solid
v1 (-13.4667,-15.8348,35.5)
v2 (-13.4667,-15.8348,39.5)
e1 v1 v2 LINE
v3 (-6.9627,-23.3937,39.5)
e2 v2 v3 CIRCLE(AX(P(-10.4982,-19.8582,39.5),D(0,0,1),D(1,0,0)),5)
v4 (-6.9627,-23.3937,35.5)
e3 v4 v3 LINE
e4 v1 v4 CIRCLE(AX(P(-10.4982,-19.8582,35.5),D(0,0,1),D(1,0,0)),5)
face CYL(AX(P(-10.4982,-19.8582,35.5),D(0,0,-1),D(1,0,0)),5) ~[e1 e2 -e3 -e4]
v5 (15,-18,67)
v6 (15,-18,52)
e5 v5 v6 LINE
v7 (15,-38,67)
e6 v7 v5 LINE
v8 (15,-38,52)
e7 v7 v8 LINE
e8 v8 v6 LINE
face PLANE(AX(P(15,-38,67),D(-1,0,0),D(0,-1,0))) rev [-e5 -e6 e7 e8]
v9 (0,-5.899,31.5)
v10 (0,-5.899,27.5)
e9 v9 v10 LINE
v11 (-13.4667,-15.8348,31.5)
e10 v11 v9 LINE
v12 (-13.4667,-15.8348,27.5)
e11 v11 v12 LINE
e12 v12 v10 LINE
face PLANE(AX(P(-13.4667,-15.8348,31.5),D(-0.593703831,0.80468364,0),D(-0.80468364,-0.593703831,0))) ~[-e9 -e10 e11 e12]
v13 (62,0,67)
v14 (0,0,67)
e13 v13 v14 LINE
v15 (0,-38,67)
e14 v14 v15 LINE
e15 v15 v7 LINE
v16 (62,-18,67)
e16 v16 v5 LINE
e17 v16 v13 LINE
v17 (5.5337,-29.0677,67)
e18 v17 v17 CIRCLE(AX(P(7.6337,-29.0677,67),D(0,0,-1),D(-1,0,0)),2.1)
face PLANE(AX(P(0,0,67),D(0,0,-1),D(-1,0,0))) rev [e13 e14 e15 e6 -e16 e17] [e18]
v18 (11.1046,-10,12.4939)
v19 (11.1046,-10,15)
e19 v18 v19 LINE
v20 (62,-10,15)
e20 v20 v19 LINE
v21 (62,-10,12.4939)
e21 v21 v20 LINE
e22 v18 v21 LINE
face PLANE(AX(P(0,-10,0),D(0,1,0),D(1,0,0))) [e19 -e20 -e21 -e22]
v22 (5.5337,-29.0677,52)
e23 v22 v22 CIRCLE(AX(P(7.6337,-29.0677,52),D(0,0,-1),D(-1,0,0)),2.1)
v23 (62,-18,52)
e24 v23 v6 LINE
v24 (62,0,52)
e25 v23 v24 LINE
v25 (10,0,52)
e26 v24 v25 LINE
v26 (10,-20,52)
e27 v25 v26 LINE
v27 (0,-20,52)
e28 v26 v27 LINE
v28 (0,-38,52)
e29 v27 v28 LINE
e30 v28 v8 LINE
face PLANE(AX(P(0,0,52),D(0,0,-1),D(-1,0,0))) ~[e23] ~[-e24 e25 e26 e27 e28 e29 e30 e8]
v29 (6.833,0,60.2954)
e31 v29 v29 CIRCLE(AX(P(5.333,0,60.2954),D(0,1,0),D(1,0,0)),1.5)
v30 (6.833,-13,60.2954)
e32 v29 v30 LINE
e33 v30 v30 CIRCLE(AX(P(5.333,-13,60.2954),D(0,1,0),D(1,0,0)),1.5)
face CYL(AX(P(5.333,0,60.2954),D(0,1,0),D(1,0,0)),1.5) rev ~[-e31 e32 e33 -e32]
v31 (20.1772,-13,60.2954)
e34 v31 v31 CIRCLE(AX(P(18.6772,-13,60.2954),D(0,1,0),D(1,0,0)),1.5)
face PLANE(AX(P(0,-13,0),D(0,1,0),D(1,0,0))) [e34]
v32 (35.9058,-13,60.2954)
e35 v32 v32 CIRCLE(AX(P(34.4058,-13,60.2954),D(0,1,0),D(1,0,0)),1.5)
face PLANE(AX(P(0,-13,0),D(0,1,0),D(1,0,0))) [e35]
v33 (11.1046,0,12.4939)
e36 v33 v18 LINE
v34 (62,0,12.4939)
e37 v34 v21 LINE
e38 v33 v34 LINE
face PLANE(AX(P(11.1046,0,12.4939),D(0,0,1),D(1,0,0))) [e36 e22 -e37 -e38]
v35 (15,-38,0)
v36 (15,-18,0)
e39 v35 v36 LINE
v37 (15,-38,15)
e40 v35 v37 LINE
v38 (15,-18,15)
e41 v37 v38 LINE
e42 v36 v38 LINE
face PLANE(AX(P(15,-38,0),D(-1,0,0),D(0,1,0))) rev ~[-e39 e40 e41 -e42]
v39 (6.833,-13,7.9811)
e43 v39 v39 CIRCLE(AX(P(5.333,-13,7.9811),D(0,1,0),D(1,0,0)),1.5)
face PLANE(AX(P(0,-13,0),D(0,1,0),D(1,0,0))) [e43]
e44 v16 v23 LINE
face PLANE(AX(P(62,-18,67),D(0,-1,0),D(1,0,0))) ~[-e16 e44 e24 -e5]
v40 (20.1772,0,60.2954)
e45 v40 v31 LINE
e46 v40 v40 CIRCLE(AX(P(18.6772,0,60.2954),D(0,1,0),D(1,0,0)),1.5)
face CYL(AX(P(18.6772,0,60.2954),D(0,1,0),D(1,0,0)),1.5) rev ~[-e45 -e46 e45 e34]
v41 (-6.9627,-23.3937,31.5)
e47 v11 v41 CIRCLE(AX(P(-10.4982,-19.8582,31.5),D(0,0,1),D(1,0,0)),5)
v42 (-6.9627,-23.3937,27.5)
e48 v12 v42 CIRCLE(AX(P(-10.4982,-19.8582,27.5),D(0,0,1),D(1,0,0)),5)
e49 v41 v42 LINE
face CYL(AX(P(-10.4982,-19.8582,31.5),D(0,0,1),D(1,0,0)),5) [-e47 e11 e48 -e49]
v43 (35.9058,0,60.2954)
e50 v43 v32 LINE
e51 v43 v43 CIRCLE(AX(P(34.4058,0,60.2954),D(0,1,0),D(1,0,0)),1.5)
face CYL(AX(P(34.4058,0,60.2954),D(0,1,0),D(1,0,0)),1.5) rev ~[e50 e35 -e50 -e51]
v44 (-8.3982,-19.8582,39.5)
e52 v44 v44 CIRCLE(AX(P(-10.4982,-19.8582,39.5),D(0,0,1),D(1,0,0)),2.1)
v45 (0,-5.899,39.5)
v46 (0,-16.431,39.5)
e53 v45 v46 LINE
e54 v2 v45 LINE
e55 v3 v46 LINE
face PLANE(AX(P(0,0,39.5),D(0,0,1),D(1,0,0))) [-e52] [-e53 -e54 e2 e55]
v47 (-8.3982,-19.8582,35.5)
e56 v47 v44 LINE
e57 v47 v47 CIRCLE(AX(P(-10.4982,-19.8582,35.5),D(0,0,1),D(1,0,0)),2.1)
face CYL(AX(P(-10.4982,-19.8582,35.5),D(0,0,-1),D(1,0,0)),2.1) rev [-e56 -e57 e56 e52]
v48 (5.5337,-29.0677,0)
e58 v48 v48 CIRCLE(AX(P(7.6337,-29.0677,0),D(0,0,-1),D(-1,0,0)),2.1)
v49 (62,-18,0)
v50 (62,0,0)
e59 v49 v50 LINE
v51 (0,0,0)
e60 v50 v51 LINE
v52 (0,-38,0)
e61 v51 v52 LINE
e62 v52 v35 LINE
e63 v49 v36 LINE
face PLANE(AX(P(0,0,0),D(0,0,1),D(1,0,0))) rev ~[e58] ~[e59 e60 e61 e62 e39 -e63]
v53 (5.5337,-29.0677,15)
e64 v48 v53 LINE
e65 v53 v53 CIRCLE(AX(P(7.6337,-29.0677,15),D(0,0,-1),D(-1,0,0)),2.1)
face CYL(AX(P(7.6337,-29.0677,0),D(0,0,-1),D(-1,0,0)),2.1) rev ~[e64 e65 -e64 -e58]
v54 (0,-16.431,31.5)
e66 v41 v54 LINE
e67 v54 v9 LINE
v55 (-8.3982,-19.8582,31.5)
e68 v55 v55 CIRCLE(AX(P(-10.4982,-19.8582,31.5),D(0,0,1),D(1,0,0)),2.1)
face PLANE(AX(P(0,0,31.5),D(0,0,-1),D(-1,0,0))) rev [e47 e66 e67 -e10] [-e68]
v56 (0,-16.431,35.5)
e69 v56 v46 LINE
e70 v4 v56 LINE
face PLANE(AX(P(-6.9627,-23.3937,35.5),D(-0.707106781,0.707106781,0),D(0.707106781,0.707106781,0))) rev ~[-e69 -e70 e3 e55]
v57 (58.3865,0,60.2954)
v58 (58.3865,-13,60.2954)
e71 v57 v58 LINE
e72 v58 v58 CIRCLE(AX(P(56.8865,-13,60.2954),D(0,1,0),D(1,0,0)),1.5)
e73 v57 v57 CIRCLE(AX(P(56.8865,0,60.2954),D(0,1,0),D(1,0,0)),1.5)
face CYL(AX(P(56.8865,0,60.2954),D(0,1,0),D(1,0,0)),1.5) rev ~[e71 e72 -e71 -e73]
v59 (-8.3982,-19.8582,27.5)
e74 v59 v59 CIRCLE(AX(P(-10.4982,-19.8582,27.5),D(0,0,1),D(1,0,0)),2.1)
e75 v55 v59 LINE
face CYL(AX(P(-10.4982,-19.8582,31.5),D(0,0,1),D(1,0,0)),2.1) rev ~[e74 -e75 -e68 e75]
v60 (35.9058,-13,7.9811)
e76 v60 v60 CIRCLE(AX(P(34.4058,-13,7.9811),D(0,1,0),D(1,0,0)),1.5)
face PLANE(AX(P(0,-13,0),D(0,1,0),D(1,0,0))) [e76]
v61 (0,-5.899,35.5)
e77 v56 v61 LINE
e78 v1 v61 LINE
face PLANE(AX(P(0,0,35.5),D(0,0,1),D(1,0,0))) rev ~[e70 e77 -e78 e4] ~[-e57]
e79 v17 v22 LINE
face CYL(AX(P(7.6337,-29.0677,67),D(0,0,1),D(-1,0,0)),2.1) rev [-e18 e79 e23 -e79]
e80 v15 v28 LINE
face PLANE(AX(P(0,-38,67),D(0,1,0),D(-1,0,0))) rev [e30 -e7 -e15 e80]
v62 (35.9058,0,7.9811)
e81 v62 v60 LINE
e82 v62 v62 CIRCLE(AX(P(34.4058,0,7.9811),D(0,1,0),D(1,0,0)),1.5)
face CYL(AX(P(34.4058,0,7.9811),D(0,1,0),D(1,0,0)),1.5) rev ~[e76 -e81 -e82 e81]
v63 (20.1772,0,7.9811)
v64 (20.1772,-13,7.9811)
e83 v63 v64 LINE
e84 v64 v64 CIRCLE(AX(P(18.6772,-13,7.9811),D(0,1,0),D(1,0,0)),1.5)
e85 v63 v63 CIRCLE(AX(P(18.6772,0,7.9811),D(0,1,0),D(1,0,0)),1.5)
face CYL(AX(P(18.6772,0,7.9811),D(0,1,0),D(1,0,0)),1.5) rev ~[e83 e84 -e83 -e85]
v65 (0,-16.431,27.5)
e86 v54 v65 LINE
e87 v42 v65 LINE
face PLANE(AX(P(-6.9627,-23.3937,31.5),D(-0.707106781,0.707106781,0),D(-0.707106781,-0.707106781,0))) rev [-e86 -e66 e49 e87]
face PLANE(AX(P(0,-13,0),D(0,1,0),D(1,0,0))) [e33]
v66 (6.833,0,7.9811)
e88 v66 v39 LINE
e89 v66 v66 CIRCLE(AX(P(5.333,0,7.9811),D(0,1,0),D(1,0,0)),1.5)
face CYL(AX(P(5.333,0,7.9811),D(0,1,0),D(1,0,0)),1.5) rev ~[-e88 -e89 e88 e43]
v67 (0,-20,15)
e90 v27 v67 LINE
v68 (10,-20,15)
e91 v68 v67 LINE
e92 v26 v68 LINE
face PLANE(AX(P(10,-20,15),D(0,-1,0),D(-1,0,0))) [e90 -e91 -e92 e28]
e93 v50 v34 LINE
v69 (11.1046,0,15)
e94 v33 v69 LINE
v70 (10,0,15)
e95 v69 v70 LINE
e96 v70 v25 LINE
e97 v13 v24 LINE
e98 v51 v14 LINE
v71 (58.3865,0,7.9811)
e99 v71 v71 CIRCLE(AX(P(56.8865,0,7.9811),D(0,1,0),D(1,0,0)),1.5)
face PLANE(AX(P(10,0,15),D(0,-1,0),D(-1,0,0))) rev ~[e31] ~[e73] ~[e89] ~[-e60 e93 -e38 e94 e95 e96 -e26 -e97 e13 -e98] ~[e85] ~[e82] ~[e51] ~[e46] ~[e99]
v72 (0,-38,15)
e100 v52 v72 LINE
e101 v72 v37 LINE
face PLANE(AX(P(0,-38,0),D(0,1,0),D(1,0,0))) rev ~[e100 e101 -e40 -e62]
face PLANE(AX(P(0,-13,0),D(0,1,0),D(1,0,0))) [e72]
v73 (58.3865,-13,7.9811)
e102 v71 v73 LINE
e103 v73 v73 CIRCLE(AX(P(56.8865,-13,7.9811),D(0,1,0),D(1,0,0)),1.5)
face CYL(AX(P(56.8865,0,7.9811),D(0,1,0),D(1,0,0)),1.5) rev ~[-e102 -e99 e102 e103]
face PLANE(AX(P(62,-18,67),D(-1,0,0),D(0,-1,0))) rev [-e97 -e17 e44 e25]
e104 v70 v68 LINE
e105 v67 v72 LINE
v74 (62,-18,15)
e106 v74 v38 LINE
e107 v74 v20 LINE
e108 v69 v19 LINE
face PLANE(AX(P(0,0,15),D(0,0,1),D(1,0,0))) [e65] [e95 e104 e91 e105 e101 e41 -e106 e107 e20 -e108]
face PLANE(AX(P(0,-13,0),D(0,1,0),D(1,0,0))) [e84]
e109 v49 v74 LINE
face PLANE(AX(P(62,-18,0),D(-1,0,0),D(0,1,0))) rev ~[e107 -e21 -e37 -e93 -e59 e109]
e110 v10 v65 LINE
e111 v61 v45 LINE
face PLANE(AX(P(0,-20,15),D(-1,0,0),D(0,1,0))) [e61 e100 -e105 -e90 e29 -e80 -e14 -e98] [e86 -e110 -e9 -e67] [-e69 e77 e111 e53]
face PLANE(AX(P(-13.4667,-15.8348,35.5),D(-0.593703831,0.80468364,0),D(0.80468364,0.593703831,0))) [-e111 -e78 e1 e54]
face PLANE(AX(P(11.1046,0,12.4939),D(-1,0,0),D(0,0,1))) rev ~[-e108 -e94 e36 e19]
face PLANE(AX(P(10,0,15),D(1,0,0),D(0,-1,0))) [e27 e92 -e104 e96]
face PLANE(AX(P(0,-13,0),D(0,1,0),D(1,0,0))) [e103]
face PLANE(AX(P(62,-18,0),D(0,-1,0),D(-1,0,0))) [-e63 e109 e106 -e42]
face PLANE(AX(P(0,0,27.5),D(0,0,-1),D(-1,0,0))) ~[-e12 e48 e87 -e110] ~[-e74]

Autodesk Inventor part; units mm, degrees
ref_plane "YZ Plane" through (0, 0, 0) normal (1, 0, 0) x (0, 1, 0)
ref_plane "XZ Plane" through (0, 0, 0) normal (0, 1, 0) x (-1, 0, 0)
ref_plane "XY Plane" through (0, 0, 0) normal (0, 0, 1) x (1, 0, 0)
sketch "Эскиз1" plane through (0, 0, 0) normal (0, 0, 1) x (1, 0, 0)
  line L0 (62, -18) -> (62, 0)
  line L1 (62, 0) -> (0, 0)
  line L2 (62, 0) -> (0, 0)
  line L3 (62, -18) -> (15, -18)
  line L4 (0, 0) -> (0, -38)
  line L5 (0, -38) -> (15, -38)
  line L6 (15, -38) -> (15, -18)
  dimension "d27" = 18
  dimension "d32" = 62
  dimension "d40" = 20
  dimension "d41" = 15
  dimension "d42" = 38
extrude "Выдавливание1" add sketch "Эскиз1" along normal blind 15
sketch "Эскиз2" plane through (0, 0, 0) normal (0, 0, -1) x (-1, 0, 0)
  circle A0 centre (-7.6337, -29.0677) radius 2.1
  point P0 (0, 0)
  dimension "d37" = 4.2
extrude "Выдавливание2" cut sketch "Эскиз2" against normal through all
sketch "Эскиз3" plane through (0, 0, 15) normal (0, 0, 1) x (1, 0, 0)
  line L0 (62, 0) -> (0, 0) projected
  line L1 (0, 0) -> (10, 0)
  line L2 (10, 0) -> (10, -20)
  line L3 (10, -20) -> (0, -20)
  line L4 (0, -20) -> (0, 0)
  point P0 (10, 0)
  dimension "d7" = 20
  dimension "d8" = 10
extrude "Выдавливание3" add sketch "Эскиз3" along normal blind 18.5
mirror "Зеркальное отражение1" about plane through (5, -10, 33.5) normal (0, 0, 1)
sketch "Эскиз6" plane through (0, 0, 0) normal (0, 1, 0) x (1, 0, 0)
  circle A0 centre (5.333, -60.2954) radius 1.5
  circle A1 centre (18.6772, -7.9811) radius 1.5
  circle A2 centre (18.6772, -60.2954) radius 1.5
  circle A3 centre (5.333, -7.9811) radius 1.5
  circle A4 centre (34.4058, -60.2954) radius 1.5
  circle A5 centre (34.4058, -7.9811) radius 1.5
  circle A6 centre (56.8865, -7.9811) radius 1.5
  circle A7 centre (56.8865, -60.2954) radius 1.5
  point P0 (0, 0)
  dimension "d21" = 3
  dimension "d22" = 3
  dimension "d23" = 3
  dimension "d24" = 3
  dimension "d33" = 3
  dimension "d34" = 3
  dimension "d35" = 3
  dimension "d36" = 3
extrude "Выдавливание6" cut sketch "Эскиз6" against normal blind 13
sketch "Эскиз7" plane through (0, 0, 0) normal (0, 1, 0) x (1, 0, 0)
  line L0 (62, 0) -> (62, -15) projected
  line L1 (62, -15) -> (62, -12.4939)
  line L2 (11.1046, -12.4939) -> (11.1046, -15)
  line L3 (62, -15) -> (10, -15) projected
  line L4 (62, -15) -> (11.1046, -15)
  line L5 (11.1046, -12.4939) -> (62, -12.4939)
  point P0 (0, 0)
extrude "Выдавливание7" cut sketch "Эскиз7" against normal blind 10
sketch "Эскиз8" plane through (0, -38, 0) normal (-1, 0, 0) x (0, 0, 1)
  point P0 (0, 38)
ref_plane "РабПлоскость3" through (0, 0, 35.5) normal (0, 0, 1) x (1, 0, 0)
ref_plane "РабПлоскость2" through (0, 0, 33.5) normal (0, 0, 1) x (1, 0, 0)
sketch "Эскиз9" plane through (0, 0, 35.5) normal (0, 0, 1) x (1, 0, 0)
  line L0 (0, 0) -> (0, -38) projected
  circle A0 centre (-10.4982, -19.8582) radius 5
  line L1 (0, -20) -> (0, -38) projected
  line L2 (0, -14.2319) -> (0, -12.6158)
  circle A1 centre (-10.4982, -19.8582) radius 2.1
  line L3 (0, -12.6158) -> (0, -14.2319)
  line L4 (-13.4667, -15.8348) -> (1.5377, -4.7644)
  line L5 (-6.9627, -23.3937) -> (0, -16.431)
  line L6 (0, -5.899) -> (0, -16.431)
  point P0 (-15.4732, -20.3581)
  point P1 (-12.5479, -24.4188)
  point P2 (0, -3.6635)
  dimension "d46" = 4.2
  dimension "d47" = 10
  dimension "d52" = 45
extrude "Выдавливание8" add sketch "Эскиз9" along normal blind 4
mirror "Зеркальное отражение2" about plane through (0, 0, 33.5) normal (0, 0, 1) of "Выдавливание8"
properties part number "кроншейн"
